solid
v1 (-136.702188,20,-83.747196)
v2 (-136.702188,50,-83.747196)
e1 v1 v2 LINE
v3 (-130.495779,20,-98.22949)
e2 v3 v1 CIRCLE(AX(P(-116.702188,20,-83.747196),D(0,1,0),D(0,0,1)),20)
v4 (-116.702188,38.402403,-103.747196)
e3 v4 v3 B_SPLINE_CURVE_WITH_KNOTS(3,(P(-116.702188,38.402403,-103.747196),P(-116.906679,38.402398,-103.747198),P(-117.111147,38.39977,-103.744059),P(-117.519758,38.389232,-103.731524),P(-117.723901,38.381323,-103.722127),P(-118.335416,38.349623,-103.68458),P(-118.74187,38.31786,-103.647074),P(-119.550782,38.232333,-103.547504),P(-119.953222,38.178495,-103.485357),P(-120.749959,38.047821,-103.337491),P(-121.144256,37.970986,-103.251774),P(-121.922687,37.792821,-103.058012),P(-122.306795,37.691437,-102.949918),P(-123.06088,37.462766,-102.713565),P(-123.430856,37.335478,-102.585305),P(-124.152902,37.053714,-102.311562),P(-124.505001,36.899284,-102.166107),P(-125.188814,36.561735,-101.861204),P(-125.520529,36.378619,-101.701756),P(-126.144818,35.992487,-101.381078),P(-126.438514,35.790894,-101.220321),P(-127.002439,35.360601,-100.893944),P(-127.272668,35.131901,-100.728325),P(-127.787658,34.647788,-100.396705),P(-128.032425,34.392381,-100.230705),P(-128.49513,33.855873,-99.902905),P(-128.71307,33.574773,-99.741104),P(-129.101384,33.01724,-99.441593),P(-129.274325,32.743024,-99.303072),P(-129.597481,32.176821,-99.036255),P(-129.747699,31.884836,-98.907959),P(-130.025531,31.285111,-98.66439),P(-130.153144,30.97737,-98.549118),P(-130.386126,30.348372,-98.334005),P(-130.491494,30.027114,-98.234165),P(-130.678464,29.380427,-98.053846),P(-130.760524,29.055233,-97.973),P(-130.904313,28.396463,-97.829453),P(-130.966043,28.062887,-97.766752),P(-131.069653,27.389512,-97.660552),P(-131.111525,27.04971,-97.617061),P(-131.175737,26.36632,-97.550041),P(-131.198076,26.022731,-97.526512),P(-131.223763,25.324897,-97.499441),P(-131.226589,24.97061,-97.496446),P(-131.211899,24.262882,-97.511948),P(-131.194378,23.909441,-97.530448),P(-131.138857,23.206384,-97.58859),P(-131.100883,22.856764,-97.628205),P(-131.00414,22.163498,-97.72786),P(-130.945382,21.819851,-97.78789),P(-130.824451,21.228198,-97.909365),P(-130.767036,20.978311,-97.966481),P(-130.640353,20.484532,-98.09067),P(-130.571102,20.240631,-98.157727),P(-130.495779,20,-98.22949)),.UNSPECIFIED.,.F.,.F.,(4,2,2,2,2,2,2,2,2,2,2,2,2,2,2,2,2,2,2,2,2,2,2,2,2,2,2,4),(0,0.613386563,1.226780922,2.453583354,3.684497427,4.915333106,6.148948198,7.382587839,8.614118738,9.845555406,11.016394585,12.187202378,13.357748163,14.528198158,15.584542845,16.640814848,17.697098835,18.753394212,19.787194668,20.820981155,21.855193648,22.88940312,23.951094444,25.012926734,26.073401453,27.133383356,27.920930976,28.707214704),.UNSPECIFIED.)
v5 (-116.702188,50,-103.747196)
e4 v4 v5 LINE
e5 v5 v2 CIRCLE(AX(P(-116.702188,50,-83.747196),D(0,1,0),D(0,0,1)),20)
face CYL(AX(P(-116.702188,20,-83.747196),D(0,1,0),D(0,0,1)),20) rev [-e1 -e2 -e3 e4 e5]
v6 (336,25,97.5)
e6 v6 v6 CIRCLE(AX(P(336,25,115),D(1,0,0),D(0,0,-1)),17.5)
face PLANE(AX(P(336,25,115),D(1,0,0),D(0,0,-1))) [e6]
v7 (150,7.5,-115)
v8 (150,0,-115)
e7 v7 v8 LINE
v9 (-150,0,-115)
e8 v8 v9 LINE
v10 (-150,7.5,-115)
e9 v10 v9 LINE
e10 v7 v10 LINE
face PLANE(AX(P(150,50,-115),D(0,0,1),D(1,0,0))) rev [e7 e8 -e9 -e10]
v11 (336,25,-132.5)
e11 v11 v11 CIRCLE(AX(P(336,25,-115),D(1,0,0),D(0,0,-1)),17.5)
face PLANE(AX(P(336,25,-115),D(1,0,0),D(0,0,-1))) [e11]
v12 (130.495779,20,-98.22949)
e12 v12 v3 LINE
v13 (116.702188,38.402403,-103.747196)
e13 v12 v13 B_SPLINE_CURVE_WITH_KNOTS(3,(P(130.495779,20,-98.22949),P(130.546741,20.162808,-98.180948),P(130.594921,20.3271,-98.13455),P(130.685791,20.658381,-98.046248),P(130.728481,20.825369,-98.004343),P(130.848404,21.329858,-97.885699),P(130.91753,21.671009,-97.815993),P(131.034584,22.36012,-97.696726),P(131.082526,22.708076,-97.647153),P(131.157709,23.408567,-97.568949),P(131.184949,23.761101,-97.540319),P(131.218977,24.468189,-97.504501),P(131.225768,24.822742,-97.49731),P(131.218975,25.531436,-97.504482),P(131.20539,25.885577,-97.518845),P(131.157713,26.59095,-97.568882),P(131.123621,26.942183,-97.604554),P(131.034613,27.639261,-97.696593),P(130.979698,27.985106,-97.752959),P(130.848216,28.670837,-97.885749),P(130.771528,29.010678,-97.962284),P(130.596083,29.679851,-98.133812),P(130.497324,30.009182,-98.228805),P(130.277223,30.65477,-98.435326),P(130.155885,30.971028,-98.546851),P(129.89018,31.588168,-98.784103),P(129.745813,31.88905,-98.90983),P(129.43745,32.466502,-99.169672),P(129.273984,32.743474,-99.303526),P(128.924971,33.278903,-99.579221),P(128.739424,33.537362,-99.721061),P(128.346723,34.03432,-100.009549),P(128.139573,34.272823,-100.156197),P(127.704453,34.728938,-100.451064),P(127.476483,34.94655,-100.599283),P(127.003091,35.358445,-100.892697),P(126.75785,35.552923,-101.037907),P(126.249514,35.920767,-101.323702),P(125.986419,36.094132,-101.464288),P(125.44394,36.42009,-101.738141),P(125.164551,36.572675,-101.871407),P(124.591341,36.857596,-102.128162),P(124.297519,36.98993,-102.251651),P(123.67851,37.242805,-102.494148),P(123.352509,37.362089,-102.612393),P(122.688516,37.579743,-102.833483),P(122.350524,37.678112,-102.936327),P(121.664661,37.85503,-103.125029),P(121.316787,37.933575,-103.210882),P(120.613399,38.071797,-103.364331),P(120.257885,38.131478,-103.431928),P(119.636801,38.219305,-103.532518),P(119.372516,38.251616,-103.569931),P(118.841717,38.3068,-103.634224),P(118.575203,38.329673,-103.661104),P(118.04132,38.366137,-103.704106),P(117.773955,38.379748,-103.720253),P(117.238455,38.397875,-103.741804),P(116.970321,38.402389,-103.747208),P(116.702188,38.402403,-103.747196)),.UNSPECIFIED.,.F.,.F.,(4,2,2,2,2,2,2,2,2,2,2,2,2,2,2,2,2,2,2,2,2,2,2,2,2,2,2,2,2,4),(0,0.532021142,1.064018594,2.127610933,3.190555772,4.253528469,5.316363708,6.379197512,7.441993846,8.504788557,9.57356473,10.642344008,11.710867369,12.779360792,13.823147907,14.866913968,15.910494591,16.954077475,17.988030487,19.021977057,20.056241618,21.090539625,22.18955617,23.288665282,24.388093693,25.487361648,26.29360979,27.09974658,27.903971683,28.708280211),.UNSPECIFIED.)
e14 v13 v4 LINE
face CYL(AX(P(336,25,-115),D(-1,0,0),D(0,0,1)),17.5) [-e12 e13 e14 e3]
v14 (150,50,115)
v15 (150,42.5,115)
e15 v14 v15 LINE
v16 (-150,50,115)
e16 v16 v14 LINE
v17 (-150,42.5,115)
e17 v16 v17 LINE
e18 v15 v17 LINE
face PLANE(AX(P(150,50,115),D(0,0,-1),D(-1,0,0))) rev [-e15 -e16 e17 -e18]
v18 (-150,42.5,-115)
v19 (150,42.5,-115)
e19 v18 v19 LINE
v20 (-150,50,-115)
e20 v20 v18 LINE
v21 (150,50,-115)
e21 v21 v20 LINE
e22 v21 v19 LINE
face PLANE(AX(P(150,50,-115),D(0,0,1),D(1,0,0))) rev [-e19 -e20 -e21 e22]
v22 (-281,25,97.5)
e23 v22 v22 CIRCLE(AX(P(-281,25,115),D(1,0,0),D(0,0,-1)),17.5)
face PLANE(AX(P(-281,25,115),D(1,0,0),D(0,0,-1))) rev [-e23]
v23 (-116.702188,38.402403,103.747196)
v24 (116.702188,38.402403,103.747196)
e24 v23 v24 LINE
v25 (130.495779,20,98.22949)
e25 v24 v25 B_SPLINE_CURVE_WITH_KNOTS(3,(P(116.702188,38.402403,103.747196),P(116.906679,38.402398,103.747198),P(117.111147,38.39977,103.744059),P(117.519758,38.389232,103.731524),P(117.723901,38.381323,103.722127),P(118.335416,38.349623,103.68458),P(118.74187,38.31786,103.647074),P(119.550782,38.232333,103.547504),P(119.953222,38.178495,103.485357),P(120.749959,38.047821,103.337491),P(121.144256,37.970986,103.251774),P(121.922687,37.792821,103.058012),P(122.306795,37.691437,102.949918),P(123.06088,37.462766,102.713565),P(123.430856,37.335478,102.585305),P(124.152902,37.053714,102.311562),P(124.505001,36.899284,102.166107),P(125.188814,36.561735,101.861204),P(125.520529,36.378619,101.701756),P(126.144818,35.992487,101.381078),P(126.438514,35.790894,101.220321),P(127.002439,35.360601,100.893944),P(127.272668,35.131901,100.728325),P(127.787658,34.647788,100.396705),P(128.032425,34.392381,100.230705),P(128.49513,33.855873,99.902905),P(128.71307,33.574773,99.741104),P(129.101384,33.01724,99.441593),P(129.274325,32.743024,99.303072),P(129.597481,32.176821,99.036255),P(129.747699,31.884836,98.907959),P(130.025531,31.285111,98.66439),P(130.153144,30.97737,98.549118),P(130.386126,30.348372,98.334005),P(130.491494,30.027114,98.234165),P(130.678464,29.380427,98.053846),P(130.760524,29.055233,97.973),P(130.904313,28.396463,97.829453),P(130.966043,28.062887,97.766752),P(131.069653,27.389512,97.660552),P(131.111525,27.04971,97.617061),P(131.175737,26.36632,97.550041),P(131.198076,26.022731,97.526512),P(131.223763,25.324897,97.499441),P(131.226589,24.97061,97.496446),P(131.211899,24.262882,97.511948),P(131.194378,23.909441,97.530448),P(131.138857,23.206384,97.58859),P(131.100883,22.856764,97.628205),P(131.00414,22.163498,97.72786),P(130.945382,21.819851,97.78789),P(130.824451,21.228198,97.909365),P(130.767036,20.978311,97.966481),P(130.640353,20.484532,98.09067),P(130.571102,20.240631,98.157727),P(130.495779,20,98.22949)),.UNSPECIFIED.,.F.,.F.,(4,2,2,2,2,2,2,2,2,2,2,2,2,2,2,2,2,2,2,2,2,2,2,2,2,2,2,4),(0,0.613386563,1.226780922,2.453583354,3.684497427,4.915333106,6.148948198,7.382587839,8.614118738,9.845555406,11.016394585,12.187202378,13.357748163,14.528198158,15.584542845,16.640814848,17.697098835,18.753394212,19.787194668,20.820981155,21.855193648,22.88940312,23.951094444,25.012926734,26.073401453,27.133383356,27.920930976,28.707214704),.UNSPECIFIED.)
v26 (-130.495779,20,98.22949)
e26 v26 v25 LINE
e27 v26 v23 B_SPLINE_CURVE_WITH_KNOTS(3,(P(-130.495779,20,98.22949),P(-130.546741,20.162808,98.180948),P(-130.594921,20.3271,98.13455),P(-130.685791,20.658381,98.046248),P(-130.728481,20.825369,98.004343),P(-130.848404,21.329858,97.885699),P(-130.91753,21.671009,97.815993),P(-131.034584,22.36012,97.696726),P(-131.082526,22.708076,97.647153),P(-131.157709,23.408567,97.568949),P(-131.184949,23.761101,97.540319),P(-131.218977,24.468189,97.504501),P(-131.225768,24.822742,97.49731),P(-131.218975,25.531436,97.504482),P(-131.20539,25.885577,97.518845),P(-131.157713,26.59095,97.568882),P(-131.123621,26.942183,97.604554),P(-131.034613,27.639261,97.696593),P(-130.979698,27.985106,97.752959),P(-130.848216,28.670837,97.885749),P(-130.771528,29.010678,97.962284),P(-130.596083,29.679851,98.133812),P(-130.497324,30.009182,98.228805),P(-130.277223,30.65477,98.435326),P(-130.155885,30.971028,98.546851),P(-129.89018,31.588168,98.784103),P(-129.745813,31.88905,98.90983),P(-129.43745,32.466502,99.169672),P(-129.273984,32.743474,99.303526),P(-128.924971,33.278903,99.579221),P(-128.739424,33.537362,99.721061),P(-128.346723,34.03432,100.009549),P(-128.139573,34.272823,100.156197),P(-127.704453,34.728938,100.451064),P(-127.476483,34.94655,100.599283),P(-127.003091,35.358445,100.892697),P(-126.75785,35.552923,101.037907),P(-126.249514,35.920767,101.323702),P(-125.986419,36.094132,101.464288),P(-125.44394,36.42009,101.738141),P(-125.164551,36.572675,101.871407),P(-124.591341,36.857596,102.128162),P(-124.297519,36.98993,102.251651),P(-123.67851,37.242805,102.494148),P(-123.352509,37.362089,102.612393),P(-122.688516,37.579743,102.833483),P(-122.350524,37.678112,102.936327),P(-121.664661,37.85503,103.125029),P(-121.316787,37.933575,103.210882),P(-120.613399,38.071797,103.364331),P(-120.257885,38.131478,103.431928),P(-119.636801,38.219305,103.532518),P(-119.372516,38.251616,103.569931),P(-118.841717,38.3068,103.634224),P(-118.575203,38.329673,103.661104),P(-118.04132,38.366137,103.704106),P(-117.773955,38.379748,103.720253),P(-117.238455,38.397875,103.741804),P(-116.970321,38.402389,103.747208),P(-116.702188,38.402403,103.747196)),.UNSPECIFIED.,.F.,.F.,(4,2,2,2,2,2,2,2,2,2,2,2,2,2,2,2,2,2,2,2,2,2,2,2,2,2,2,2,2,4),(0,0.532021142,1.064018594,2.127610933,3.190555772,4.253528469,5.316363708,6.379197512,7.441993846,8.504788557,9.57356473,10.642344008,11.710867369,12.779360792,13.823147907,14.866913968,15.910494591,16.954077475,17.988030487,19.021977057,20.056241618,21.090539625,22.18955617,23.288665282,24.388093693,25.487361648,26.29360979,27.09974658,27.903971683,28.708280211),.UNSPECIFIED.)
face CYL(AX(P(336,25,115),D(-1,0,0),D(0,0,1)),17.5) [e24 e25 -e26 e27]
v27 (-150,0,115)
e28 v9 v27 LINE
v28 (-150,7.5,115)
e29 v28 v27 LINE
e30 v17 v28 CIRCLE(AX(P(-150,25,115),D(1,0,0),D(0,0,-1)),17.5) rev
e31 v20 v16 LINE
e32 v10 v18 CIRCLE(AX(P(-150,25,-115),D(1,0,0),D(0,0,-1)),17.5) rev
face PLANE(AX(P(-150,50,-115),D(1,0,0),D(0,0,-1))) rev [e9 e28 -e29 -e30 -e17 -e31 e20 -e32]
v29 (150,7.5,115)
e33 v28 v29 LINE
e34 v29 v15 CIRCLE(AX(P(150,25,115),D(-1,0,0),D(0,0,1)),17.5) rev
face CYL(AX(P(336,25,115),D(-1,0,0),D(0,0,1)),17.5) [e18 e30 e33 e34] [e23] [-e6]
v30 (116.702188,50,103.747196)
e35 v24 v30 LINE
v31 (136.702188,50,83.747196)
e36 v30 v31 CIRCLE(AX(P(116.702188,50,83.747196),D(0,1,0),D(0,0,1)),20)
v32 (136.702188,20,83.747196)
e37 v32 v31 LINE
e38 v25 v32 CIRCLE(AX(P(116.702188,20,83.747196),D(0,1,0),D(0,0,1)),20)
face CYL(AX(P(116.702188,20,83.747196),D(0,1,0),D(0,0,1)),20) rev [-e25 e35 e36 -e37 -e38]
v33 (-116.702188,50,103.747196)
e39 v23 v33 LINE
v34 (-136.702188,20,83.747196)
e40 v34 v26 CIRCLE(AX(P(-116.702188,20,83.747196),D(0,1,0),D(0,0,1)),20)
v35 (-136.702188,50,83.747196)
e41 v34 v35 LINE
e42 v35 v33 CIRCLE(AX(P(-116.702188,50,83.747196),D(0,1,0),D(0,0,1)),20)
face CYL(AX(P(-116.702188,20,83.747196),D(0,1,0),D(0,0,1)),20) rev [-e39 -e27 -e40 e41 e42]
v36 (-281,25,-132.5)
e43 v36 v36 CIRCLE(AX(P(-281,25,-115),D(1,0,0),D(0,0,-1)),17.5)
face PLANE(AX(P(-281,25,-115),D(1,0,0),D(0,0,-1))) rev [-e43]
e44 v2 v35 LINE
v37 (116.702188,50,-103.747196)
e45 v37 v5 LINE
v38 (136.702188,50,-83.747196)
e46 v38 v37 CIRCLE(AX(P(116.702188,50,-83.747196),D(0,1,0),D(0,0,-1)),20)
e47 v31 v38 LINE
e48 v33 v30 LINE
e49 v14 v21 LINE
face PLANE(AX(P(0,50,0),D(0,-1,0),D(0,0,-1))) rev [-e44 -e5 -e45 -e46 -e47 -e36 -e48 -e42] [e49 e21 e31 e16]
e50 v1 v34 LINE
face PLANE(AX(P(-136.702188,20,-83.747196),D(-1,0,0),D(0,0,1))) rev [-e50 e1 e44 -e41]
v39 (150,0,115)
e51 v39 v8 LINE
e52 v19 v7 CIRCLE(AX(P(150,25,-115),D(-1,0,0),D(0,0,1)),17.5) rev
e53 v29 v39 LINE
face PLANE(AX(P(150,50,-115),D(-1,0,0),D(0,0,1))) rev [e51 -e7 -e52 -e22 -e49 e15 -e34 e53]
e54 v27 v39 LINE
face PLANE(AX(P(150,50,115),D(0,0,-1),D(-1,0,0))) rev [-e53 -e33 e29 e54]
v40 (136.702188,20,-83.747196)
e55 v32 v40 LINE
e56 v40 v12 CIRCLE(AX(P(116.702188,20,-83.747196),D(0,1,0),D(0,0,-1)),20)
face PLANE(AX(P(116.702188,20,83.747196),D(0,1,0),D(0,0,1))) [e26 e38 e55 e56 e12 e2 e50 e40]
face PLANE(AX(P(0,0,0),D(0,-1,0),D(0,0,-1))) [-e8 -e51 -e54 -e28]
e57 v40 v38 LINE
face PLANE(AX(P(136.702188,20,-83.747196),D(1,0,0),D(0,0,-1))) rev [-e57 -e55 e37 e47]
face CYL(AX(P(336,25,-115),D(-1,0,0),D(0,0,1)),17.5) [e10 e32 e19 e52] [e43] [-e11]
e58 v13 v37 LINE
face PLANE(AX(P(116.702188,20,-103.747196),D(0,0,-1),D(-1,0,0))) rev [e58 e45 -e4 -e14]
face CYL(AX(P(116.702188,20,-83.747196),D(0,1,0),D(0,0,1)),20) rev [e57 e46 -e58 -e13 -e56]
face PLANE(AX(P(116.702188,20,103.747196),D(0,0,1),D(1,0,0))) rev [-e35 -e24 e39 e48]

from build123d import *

# Parameters (mm, degrees)
SKETCH1_W                = 300
SKETCH1_H                = 230
BOSS_EXTRUDE1_DEPTH      = 50
CUT_EXTRUDE1_DEPTH       = 30
BOSS_EXTRUDE2_DEPTH      = 186
BOSS_EXTRUDE2_DEPTH_BACK = 431
SKETCH3_R                = 17.5


with BuildPart() as part:
    # Sketch1 → Boss-Extrude1 (new body)
    with BuildSketch(Plane(origin=(0, 0, 0), x_dir=(1, 0, 0), z_dir=(0, 1, 0))):
        Rectangle(SKETCH1_W, SKETCH1_H)
    extrude(amount=BOSS_EXTRUDE1_DEPTH)

    # Sketch2 → Cut-Extrude1 (cut)
    with BuildSketch(Plane(origin=(0, 50, 0), x_dir=(1, 0, 0), z_dir=(0, 1, 0))):
        with BuildLine():
            Line((116.702187757, 103.747196066), (-116.702187757, 103.747196066))
            ThreePointArc((-116.702187757, 103.747196066), (-130.844323381, 97.889331689), (-136.702187757, 83.747196066))
            Line((-136.702187757, 83.747196066), (-136.702187757, -83.747196066))
            ThreePointArc((-136.702187757, -83.747196066), (-130.844323381, -97.889331689), (-116.702187757, -103.747196066))
            Line((-116.702187757, -103.747196066), (116.702187757, -103.747196066))
            ThreePointArc((116.702187757, -103.747196066), (130.844323381, -97.889331689), (136.702187757, -83.747196066))
            Line((136.702187757, -83.747196066), (136.702187757, 83.747196066))
            ThreePointArc((136.702187757, 83.747196066), (130.844323381, 97.889331689), (116.702187757, 103.747196066))
        make_face()
    extrude(amount=-CUT_EXTRUDE1_DEPTH, mode=Mode.SUBTRACT)

    # Sketch3 → Boss-Extrude2 (add, two sides: drawn at the far end of the back side and taken through both)
    with BuildSketch(Plane(origin=(150, 0, 0), x_dir=(0, 0, -1), z_dir=(1, 0, 0)).offset(-BOSS_EXTRUDE2_DEPTH_BACK)):
        with Locations((115, 25)):
            Circle(SKETCH3_R)
        with Locations((-115, 25)):
            Circle(SKETCH3_R)
    extrude(amount=BOSS_EXTRUDE2_DEPTH + BOSS_EXTRUDE2_DEPTH_BACK)


solid = part.part
